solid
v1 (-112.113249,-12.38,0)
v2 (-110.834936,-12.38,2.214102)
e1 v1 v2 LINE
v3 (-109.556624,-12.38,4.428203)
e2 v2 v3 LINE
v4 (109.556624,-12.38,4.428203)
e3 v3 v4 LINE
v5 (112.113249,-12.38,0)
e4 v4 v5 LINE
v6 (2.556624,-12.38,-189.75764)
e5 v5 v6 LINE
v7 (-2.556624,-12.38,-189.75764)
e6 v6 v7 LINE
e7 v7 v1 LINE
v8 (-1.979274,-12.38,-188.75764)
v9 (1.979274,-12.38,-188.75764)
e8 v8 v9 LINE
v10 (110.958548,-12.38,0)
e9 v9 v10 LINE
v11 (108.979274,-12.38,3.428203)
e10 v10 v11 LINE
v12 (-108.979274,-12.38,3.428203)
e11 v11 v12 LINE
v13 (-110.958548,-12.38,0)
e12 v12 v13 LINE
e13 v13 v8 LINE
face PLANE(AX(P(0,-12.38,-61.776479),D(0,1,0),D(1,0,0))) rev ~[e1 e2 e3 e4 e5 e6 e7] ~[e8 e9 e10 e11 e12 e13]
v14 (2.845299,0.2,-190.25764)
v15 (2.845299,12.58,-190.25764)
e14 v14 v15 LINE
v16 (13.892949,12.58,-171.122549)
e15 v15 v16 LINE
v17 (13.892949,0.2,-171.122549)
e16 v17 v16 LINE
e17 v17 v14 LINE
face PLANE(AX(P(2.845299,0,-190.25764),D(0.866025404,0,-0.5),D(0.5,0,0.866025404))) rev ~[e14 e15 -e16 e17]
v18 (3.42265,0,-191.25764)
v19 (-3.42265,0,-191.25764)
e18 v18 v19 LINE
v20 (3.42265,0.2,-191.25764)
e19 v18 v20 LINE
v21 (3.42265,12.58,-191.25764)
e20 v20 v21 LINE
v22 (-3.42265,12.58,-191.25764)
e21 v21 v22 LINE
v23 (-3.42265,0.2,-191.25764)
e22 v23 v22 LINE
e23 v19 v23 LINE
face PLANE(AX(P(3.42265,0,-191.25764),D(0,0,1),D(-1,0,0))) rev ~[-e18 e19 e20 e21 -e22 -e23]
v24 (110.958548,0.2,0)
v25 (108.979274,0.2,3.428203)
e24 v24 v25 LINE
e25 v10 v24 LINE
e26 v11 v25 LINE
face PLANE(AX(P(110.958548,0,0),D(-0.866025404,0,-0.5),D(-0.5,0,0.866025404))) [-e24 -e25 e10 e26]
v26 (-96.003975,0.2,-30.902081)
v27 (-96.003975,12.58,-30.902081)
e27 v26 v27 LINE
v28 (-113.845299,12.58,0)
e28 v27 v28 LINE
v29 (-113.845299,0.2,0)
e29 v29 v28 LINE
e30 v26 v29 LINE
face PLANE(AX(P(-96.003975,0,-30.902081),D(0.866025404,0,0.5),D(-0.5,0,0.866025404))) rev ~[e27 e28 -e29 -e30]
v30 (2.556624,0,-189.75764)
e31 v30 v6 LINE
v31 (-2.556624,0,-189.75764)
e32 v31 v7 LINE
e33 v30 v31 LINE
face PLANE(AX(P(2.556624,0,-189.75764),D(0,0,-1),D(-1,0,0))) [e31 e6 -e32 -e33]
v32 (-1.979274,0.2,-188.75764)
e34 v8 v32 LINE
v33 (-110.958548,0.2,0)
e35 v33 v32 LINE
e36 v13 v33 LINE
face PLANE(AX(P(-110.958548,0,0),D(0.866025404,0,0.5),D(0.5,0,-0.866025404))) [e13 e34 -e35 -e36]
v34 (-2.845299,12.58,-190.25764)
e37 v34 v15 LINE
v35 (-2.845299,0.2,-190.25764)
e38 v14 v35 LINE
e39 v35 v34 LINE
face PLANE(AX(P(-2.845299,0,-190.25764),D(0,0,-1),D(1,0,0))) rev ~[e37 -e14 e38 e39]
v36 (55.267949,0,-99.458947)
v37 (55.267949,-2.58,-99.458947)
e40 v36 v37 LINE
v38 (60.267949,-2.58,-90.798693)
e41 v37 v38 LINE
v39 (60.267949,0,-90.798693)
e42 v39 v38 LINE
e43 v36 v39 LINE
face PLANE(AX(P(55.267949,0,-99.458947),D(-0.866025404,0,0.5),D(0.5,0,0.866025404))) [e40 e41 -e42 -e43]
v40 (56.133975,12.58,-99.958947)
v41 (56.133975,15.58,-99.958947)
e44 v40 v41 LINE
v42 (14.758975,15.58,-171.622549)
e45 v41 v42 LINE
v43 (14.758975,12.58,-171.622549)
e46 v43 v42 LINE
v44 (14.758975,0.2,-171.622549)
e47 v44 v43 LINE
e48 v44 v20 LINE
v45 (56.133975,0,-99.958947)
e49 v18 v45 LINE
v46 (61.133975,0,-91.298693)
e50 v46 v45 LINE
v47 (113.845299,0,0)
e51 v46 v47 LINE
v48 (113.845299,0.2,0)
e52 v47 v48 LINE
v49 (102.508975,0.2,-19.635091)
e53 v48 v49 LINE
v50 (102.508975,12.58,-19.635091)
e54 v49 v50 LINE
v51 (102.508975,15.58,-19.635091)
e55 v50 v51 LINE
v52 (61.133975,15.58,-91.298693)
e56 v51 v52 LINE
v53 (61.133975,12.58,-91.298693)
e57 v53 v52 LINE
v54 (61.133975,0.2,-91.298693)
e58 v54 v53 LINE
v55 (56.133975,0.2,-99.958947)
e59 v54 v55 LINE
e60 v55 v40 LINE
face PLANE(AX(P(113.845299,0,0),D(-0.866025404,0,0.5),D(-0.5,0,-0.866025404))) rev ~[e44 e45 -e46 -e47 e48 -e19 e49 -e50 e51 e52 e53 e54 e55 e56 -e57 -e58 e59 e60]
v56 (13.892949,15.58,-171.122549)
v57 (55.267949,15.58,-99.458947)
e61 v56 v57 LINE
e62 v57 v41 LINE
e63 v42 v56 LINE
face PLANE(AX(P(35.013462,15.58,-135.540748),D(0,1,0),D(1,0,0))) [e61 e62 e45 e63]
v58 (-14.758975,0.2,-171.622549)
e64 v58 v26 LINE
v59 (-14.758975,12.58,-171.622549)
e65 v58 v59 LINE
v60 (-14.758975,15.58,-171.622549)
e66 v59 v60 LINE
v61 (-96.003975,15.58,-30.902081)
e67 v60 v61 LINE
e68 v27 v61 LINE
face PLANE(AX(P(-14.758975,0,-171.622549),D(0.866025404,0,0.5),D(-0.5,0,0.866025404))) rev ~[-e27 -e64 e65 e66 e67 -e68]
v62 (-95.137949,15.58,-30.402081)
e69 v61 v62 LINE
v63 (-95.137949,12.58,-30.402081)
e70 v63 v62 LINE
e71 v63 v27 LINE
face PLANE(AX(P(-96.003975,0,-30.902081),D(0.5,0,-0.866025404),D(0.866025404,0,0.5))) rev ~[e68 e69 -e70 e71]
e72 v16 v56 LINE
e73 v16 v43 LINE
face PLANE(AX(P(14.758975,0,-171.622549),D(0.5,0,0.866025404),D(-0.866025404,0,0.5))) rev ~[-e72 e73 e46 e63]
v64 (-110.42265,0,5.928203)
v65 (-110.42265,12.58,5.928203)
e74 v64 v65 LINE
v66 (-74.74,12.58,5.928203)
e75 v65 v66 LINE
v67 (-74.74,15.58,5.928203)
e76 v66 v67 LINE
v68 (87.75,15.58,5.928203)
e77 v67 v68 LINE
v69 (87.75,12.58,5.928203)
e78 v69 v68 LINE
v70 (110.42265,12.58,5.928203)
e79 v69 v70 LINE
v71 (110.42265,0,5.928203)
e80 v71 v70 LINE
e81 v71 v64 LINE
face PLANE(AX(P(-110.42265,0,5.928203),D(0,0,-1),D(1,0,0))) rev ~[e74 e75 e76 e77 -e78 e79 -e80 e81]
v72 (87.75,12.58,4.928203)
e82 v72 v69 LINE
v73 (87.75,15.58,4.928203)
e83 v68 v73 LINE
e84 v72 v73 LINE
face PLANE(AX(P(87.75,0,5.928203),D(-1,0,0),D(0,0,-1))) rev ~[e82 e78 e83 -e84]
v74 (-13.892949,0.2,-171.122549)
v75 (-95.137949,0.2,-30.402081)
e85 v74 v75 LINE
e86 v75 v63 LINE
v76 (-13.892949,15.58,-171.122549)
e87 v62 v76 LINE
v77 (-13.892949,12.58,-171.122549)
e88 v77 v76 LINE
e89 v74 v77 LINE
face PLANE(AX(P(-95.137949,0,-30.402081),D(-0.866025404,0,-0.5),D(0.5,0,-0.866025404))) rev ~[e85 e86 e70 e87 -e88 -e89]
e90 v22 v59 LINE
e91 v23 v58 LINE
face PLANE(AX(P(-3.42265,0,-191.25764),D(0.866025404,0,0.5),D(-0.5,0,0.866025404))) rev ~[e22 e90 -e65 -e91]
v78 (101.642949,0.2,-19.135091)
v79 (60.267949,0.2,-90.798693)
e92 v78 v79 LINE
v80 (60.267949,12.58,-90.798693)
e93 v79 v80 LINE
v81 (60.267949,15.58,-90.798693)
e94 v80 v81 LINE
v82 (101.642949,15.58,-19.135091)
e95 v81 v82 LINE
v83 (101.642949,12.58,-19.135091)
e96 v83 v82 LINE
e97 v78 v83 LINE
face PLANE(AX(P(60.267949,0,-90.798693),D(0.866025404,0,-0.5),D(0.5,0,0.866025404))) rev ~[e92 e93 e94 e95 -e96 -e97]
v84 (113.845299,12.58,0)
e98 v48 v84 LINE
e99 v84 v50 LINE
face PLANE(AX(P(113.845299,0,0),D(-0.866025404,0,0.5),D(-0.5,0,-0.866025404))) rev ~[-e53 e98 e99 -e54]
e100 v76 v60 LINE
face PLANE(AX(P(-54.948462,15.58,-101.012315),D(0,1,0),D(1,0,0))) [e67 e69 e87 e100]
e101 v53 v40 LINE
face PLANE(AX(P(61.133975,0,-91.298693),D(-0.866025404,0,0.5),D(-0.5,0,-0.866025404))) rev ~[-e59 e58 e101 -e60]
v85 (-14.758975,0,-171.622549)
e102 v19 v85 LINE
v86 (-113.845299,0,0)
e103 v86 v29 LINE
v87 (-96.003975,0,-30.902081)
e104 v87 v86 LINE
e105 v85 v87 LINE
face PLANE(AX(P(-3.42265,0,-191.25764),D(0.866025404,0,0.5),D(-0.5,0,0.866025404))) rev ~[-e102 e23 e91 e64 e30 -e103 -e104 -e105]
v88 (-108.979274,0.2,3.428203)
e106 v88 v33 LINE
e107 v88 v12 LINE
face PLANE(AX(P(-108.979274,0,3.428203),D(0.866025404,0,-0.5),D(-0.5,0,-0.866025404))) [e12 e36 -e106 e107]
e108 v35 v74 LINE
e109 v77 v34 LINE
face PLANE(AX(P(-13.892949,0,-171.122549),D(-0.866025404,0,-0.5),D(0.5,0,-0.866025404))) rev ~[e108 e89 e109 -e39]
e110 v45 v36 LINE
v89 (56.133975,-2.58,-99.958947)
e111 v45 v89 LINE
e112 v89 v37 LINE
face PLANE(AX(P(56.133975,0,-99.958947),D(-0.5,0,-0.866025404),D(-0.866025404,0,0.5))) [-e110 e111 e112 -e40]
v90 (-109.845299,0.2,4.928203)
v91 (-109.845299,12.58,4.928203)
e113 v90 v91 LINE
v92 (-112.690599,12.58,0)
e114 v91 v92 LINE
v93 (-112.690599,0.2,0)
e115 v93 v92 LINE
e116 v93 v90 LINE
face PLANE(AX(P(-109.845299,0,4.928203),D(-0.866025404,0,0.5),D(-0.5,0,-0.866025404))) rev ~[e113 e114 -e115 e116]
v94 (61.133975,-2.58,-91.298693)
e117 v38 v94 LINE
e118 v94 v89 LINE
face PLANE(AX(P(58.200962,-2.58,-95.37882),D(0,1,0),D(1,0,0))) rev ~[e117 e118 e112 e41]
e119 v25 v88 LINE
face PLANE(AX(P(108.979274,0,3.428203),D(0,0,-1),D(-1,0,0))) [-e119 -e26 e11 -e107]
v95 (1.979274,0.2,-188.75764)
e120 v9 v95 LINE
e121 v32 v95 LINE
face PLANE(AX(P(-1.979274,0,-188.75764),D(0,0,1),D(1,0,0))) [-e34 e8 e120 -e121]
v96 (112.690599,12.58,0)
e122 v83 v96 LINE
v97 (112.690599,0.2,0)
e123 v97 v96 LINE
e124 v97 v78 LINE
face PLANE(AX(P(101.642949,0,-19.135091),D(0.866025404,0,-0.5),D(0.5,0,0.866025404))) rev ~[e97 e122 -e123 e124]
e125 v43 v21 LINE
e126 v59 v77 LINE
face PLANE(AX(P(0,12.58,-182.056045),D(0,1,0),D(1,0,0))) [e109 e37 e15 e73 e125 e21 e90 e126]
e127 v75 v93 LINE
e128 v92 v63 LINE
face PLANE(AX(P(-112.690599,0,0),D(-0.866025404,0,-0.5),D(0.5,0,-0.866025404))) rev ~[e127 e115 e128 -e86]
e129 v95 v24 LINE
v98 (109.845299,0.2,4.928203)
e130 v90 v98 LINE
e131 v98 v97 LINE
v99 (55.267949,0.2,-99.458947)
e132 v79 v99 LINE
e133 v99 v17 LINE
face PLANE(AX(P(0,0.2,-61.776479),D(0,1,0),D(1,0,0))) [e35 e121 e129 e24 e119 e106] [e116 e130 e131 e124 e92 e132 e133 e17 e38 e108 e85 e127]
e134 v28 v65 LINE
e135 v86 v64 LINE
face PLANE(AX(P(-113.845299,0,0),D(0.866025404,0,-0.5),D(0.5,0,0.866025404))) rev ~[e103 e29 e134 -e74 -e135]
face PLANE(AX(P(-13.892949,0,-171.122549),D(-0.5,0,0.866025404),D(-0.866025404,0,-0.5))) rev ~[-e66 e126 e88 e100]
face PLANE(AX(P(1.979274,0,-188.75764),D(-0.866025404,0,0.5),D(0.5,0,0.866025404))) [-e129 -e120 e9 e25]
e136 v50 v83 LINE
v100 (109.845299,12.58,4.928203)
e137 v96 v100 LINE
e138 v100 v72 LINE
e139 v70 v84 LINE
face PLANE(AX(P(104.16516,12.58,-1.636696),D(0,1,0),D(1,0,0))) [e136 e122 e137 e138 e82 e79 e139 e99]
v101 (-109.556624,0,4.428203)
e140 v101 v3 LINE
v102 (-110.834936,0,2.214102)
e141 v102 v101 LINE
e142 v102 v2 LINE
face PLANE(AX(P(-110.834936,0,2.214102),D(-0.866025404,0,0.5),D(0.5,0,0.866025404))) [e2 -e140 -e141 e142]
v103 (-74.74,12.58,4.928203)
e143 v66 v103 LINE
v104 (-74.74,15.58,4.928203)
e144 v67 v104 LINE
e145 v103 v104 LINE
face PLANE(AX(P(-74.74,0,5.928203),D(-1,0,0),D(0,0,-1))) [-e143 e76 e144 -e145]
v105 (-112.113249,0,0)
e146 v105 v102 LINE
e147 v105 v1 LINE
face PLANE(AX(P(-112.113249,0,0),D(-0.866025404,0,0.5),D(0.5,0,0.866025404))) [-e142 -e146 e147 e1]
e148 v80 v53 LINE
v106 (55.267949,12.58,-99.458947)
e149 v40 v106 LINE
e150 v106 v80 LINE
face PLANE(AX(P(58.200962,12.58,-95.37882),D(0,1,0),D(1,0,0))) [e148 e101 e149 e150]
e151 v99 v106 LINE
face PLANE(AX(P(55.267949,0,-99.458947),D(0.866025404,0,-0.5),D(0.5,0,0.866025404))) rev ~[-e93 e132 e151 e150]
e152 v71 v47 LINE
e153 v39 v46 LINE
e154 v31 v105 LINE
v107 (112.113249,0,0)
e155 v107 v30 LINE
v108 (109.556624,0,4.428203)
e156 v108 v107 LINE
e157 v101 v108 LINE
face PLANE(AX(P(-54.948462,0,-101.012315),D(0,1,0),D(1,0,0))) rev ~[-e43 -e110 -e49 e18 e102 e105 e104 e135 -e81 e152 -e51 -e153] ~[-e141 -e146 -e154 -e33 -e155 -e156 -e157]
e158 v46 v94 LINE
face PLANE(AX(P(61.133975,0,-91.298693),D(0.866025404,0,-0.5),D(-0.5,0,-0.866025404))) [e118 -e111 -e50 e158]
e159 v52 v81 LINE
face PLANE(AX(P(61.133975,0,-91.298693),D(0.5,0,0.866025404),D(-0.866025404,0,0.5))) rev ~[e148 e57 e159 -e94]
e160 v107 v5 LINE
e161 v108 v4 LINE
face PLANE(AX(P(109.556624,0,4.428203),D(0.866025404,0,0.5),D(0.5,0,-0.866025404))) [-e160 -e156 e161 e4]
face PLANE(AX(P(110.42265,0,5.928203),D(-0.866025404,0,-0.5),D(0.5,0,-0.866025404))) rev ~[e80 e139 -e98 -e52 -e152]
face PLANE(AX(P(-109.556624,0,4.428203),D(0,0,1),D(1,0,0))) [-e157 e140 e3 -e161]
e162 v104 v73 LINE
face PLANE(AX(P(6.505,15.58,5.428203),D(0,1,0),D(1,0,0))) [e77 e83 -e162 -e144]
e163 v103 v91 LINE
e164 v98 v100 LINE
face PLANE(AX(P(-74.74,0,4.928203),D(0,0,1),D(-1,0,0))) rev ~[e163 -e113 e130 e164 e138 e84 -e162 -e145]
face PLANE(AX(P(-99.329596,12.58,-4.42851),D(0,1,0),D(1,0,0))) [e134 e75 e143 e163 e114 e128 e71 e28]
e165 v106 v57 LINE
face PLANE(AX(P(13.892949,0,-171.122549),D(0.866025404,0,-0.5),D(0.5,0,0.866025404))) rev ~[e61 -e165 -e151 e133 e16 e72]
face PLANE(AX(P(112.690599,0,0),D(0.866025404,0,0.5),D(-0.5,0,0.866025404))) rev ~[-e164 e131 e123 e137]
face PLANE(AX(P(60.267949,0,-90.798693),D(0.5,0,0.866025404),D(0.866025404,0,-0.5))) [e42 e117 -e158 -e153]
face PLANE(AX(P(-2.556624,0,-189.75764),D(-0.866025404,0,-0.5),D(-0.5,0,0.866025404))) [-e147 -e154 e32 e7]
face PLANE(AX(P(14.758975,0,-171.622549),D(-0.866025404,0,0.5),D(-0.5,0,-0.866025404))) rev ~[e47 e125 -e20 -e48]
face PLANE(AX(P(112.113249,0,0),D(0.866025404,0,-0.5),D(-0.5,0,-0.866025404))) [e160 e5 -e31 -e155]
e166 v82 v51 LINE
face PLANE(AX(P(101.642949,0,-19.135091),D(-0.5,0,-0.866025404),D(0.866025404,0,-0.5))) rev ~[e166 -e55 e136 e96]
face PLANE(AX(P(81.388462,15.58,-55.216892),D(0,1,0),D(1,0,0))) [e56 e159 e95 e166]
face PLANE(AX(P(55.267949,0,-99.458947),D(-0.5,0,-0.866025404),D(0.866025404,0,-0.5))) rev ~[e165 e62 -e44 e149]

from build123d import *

# Parameters (mm, degrees)
BOSS_EXTRUDE1_DEPTH = 0.2
BOSS_EXTRUDE2_DEPTH = 12.58
SKETCH1_8_W         = 162.49
SKETCH1_8_H         = 1
BOSS_EXTRUDE3_DEPTH = 15.58
BOSS_EXTRUDE4_DEPTH = 12.38
BOSS_EXTRUDE5_DEPTH = 2.58


with BuildPart() as part:
    # Sketch1 → Boss-Extrude1 (new body)
    with BuildSketch(Plane(origin=(0, 0, 0), x_dir=(1, 0, 0), z_dir=(0, 1, 0))):
        Polygon((-113.845299462, 0), (-110.422649731, -5.92820323), (110.422649731, -5.92820323), (113.845299462, 0), (3.422649731, 191.25763964), (-3.422649731, 191.25763964), align=None)
        Polygon((108.979274058, -3.42820323), (-108.979274058, -3.42820323), (-110.958548116, 0), (-1.979274058, 188.75763964), (1.979274058, 188.75763964), (110.958548116, 0), align=None, mode=Mode.SUBTRACT)
    extrude(amount=BOSS_EXTRUDE1_DEPTH)

    # Sketch1<7> → Boss-Extrude2 (add)
    with BuildSketch(Plane(origin=(0, 0, 0), x_dir=(1, 0, 0), z_dir=(0, 1, 0))):
        Polygon((-95.137949192, 30.402081141), (-96.003974596, 30.902081141), (-113.845299462, 0), (-110.422649731, -5.92820323), (-74.74, -5.92820323), (-74.74, -4.92820323), (-109.845299462, -4.92820323), (-112.690598923, 0), align=None)
        Polygon((-3.422649731, 191.25763964), (-14.758974596, 171.622549002), (-13.892949192, 171.122549002), (-2.845299462, 190.25763964), (2.845299462, 190.25763964), (13.892949192, 171.122549002), (14.758974596, 171.622549002), (3.422649731, 191.25763964), align=None)
        Polygon((109.845299462, -4.92820323), (87.75, -4.92820323), (87.75, -5.92820323), (110.422649731, -5.92820323), (113.845299462, 0), (102.508974596, 19.635090638), (101.642949192, 19.135090638), (112.690598923, 0), align=None)
        Polygon((61.133974596, 91.298692801), (56.133974596, 99.958946839), (55.267949192, 99.458946839), (60.267949192, 90.798692801), align=None)
    extrude(amount=BOSS_EXTRUDE2_DEPTH)

    # Sketch1<8> → Boss-Extrude3 (add)
    with BuildSketch(Plane(origin=(0, 0, 0), x_dir=(1, 0, 0), z_dir=(0, 1, 0))):
        Polygon((-14.758974596, 171.622549002), (-96.003974596, 30.902081141), (-95.137949192, 30.402081141), (-13.892949192, 171.122549002), align=None)
        with Locations((6.505, -5.42820323)):
            Rectangle(SKETCH1_8_W, SKETCH1_8_H)
        Polygon((56.133974596, 99.958946839), (14.758974596, 171.622549002), (13.892949192, 171.122549002), (55.267949192, 99.458946839), align=None)
        Polygon((102.508974596, 19.635090638), (61.133974596, 91.298692801), (60.267949192, 90.798692801), (101.642949192, 19.135090638), align=None)
    extrude(amount=BOSS_EXTRUDE3_DEPTH)

    # Sketch1<9> → Boss-Extrude4 (add)
    with BuildSketch(Plane(origin=(0, 0, 0), x_dir=(1, 0, 0), z_dir=(0, 1, 0))):
        Polygon((-112.113248654, 0), (-110.834936491, -2.214101615), (-109.556624327, -4.42820323), (109.556624327, -4.42820323), (112.113248654, 0), (2.556624327, 189.75763964), (-2.556624327, 189.75763964), align=None)
        Polygon((-110.958548116, 0), (-56.468911087, 94.37881982), (-1.979274058, 188.75763964), (1.979274058, 188.75763964), (110.958548116, 0), (108.979274058, -3.42820323), (-108.979274058, -3.42820323), align=None, mode=Mode.SUBTRACT)
    extrude(amount=-BOSS_EXTRUDE4_DEPTH)

    # Sketch1<10> → Boss-Extrude5 (add)
    with BuildSketch(Plane(origin=(0, 0, 0), x_dir=(1, 0, 0), z_dir=(0, 1, 0))):
        Polygon((61.133974596, 91.298692801), (56.133974596, 99.958946839), (55.267949192, 99.458946839), (60.267949192, 90.798692801), align=None)
    extrude(amount=-BOSS_EXTRUDE5_DEPTH)


solid = part.part
